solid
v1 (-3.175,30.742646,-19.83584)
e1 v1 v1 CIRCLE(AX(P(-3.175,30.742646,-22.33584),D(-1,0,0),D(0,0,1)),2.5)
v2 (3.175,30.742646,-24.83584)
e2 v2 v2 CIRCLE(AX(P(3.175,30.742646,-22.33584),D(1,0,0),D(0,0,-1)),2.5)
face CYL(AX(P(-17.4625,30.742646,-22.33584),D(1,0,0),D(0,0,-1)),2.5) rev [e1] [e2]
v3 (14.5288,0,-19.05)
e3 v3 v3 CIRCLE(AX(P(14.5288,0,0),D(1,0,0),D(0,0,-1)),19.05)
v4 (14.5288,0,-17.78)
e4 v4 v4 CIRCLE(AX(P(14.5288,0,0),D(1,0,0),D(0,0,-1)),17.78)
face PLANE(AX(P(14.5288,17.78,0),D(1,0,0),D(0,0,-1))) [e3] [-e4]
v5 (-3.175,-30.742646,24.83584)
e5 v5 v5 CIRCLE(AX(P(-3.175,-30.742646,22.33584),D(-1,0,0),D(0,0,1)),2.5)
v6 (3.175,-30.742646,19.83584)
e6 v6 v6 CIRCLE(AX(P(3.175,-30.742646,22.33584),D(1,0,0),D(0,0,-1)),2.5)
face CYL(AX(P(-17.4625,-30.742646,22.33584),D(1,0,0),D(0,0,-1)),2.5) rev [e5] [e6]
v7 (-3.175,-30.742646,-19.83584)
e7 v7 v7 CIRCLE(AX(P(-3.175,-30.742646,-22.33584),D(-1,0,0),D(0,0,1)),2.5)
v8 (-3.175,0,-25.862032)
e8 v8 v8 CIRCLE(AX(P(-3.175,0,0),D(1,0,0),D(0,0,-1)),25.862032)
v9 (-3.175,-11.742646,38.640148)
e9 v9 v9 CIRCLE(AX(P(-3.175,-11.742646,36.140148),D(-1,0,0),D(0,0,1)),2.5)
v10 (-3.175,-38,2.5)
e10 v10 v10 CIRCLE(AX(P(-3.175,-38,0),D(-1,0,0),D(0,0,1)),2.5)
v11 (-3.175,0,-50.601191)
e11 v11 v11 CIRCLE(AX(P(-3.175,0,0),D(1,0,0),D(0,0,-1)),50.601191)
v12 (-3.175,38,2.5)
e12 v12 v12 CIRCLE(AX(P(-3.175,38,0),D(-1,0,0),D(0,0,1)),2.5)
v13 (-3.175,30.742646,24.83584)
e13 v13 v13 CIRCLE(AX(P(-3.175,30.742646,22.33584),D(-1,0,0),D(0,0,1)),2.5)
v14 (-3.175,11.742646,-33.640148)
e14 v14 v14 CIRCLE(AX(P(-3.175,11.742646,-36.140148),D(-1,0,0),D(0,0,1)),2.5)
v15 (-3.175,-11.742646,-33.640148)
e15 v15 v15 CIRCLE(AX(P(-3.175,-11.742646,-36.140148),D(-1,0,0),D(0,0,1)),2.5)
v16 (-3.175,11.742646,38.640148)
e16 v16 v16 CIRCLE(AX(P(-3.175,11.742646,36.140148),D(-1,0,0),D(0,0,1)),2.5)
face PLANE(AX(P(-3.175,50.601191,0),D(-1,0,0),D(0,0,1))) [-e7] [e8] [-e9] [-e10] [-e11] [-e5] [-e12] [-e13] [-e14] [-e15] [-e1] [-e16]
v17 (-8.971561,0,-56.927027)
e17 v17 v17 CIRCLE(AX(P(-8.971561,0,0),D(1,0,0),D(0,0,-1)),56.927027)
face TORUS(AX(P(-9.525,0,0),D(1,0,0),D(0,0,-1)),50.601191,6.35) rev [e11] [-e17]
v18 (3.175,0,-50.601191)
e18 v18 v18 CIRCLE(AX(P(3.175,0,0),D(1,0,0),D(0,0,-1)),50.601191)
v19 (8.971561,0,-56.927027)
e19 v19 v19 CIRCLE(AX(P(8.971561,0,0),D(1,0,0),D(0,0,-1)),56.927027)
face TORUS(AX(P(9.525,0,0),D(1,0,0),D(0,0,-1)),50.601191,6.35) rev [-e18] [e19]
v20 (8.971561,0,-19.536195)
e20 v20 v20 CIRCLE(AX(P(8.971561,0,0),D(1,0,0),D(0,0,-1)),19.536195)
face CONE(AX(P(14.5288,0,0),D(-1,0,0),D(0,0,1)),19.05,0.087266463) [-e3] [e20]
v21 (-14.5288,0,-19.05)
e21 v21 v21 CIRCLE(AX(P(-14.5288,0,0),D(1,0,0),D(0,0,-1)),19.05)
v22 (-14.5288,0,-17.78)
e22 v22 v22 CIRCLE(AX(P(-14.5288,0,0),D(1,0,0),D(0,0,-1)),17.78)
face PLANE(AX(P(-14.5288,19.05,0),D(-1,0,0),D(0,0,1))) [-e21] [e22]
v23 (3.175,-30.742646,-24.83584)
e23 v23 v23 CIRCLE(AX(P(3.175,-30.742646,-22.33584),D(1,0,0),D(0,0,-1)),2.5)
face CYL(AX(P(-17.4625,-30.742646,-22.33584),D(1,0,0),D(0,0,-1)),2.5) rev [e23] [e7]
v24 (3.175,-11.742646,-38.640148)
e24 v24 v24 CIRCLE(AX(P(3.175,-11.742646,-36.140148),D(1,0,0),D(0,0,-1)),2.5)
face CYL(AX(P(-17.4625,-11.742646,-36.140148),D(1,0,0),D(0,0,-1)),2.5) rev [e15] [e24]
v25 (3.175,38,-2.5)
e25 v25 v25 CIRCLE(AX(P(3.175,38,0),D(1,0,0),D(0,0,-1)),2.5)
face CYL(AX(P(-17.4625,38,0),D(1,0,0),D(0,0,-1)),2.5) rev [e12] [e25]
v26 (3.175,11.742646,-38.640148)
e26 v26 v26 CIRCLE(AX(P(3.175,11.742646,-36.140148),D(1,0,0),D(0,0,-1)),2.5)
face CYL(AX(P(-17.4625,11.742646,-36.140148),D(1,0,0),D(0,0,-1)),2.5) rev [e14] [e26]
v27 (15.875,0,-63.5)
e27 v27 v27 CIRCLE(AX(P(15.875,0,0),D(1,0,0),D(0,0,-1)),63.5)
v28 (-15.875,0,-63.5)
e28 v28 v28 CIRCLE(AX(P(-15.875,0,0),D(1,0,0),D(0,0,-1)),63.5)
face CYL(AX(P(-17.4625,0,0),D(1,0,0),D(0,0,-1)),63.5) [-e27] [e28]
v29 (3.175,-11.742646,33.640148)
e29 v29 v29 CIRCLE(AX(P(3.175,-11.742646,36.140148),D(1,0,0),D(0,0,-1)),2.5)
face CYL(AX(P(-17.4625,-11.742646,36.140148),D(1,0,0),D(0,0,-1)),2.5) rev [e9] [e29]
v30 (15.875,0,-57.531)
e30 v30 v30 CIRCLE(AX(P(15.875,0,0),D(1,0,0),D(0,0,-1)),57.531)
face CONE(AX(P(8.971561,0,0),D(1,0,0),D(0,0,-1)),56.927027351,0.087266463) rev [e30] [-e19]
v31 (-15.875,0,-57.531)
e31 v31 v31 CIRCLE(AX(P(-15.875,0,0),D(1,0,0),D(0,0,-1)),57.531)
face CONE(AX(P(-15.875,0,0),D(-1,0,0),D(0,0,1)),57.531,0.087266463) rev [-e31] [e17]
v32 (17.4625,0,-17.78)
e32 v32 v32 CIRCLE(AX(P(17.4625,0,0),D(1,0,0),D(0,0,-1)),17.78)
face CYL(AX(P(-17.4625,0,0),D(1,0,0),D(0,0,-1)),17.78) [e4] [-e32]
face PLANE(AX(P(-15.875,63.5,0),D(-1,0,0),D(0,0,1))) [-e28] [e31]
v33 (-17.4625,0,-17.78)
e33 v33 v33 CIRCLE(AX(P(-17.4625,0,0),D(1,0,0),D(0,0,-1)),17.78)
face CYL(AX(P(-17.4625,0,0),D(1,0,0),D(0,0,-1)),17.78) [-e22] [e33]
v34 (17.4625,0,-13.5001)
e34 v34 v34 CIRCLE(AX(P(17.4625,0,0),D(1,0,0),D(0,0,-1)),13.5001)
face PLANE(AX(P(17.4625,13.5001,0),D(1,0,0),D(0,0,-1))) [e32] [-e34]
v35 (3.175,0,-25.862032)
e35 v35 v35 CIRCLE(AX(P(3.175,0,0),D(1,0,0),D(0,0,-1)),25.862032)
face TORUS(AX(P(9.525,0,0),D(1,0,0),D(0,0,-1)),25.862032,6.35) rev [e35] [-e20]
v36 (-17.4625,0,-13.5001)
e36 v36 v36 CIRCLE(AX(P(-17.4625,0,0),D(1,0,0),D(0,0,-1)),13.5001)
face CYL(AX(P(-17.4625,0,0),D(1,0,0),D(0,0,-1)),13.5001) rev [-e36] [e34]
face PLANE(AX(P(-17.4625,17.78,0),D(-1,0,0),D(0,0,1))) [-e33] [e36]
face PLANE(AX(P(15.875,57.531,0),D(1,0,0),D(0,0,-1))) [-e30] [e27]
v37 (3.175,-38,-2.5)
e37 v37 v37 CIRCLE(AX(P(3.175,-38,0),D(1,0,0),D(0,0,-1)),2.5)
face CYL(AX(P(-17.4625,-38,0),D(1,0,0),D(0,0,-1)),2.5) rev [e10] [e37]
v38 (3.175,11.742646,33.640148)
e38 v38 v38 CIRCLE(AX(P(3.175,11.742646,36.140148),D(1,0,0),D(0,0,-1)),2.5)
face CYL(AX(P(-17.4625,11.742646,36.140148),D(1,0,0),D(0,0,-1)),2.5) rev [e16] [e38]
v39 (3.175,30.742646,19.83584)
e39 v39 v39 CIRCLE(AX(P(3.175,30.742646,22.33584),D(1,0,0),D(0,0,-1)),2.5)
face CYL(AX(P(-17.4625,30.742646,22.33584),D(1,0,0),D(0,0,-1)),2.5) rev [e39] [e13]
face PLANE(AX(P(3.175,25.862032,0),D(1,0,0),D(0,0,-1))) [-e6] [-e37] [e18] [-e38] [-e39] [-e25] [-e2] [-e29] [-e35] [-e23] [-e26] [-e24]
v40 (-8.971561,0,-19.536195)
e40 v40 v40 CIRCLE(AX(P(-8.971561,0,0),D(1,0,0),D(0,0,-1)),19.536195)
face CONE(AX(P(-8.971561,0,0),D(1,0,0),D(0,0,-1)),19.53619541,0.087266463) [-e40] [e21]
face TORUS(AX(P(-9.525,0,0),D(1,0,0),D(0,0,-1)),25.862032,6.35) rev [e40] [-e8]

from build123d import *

# Parameters (mm, degrees)
CORTE_EXTRUS_O3_DEPTH      = 92.484637542
CORTE_EXTRUS_O3_DEPTH_BACK = 92.484637542
ESBO_O2_R                  = 2.5


with BuildPart() as part:
    # Esboço1 → Revolução1 (revolve)
    with BuildSketch(Plane.XY, mode=Mode.PRIVATE) as revolu_o1_sk:
        with BuildLine():
            Line((-14.5288, 17.78), (-17.4625, 17.78))
            Line((-17.4625, 17.78), (-17.4625, 13.5001))
            Line((-17.4625, 13.5001), (17.4625, 13.5001))
            Line((17.4625, 13.5001), (17.4625, 17.78))
            Line((17.4625, 17.78), (14.5288, 17.78))
            Line((14.5288, 17.78), (14.5288, 19.05))
            Line((14.5288, 19.05), (8.971561034, 19.53619541))
            ThreePointArc((8.971561034, 19.53619541), (4.843288911, 21.572033925), (3.175, 25.862031743))
            Line((3.175, 25.862031743), (3.175, 50.601191018))
            ThreePointArc((3.175, 50.601191018), (4.843288911, 54.891188837), (8.971561034, 56.927027351))
            Line((8.971561034, 56.927027351), (15.875, 57.531))
            Line((15.875, 57.531), (15.875, 63.5))
            Line((15.875, 63.5), (-15.875, 63.5))
            Line((-15.875, 63.5), (-15.875, 57.531))
            Line((-15.875, 57.531), (-8.971561034, 56.927027351))
            ThreePointArc((-8.971561034, 56.927027351), (-4.843288911, 54.891188837), (-3.175, 50.601191018))
            Line((-3.175, 50.601191018), (-3.175, 25.862031743))
            ThreePointArc((-3.175, 25.862031743), (-4.843288911, 21.572033925), (-8.971561034, 19.53619541))
            Line((-8.971561034, 19.53619541), (-14.5288, 19.05))
            Line((-14.5288, 19.05), (-14.5288, 17.78))
        make_face()
    revolve(revolu_o1_sk.sketch.rotate(Axis((-17.4625, 0, 0), (1, 0, 0)), 270), axis=Axis((-17.4625, 0, 0), (1, 0, 0)))

    # Esboço2 → Corte-extrusão3 (cut, two sides: drawn at the far end of the back side and taken through both)
    with BuildSketch(Plane(origin=(0, 0, 0), x_dir=(0, 0, -1), z_dir=(1, 0, 0)).offset(-CORTE_EXTRUS_O3_DEPTH_BACK)):
        with Locations((0, 38)):
            Circle(ESBO_O2_R)
        with Locations((22.335839587, 30.742645786)):
            Circle(ESBO_O2_R)
        with Locations((36.140147619, 11.742645786)):
            Circle(ESBO_O2_R)
        with Locations((36.140147619, -11.742645786)):
            Circle(ESBO_O2_R)
        with Locations((22.335839587, -30.742645786)):
            Circle(ESBO_O2_R)
        with Locations((0, -38)):
            Circle(ESBO_O2_R)
        with Locations((-22.335839587, -30.742645786)):
            Circle(ESBO_O2_R)
        with Locations((-36.140147619, -11.742645786)):
            Circle(ESBO_O2_R)
        with Locations((-36.140147619, 11.742645786)):
            Circle(ESBO_O2_R)
        with Locations((-22.335839587, 30.742645786)):
            Circle(ESBO_O2_R)
    extrude(amount=CORTE_EXTRUS_O3_DEPTH + CORTE_EXTRUS_O3_DEPTH_BACK, mode=Mode.SUBTRACT)


solid = part.part
